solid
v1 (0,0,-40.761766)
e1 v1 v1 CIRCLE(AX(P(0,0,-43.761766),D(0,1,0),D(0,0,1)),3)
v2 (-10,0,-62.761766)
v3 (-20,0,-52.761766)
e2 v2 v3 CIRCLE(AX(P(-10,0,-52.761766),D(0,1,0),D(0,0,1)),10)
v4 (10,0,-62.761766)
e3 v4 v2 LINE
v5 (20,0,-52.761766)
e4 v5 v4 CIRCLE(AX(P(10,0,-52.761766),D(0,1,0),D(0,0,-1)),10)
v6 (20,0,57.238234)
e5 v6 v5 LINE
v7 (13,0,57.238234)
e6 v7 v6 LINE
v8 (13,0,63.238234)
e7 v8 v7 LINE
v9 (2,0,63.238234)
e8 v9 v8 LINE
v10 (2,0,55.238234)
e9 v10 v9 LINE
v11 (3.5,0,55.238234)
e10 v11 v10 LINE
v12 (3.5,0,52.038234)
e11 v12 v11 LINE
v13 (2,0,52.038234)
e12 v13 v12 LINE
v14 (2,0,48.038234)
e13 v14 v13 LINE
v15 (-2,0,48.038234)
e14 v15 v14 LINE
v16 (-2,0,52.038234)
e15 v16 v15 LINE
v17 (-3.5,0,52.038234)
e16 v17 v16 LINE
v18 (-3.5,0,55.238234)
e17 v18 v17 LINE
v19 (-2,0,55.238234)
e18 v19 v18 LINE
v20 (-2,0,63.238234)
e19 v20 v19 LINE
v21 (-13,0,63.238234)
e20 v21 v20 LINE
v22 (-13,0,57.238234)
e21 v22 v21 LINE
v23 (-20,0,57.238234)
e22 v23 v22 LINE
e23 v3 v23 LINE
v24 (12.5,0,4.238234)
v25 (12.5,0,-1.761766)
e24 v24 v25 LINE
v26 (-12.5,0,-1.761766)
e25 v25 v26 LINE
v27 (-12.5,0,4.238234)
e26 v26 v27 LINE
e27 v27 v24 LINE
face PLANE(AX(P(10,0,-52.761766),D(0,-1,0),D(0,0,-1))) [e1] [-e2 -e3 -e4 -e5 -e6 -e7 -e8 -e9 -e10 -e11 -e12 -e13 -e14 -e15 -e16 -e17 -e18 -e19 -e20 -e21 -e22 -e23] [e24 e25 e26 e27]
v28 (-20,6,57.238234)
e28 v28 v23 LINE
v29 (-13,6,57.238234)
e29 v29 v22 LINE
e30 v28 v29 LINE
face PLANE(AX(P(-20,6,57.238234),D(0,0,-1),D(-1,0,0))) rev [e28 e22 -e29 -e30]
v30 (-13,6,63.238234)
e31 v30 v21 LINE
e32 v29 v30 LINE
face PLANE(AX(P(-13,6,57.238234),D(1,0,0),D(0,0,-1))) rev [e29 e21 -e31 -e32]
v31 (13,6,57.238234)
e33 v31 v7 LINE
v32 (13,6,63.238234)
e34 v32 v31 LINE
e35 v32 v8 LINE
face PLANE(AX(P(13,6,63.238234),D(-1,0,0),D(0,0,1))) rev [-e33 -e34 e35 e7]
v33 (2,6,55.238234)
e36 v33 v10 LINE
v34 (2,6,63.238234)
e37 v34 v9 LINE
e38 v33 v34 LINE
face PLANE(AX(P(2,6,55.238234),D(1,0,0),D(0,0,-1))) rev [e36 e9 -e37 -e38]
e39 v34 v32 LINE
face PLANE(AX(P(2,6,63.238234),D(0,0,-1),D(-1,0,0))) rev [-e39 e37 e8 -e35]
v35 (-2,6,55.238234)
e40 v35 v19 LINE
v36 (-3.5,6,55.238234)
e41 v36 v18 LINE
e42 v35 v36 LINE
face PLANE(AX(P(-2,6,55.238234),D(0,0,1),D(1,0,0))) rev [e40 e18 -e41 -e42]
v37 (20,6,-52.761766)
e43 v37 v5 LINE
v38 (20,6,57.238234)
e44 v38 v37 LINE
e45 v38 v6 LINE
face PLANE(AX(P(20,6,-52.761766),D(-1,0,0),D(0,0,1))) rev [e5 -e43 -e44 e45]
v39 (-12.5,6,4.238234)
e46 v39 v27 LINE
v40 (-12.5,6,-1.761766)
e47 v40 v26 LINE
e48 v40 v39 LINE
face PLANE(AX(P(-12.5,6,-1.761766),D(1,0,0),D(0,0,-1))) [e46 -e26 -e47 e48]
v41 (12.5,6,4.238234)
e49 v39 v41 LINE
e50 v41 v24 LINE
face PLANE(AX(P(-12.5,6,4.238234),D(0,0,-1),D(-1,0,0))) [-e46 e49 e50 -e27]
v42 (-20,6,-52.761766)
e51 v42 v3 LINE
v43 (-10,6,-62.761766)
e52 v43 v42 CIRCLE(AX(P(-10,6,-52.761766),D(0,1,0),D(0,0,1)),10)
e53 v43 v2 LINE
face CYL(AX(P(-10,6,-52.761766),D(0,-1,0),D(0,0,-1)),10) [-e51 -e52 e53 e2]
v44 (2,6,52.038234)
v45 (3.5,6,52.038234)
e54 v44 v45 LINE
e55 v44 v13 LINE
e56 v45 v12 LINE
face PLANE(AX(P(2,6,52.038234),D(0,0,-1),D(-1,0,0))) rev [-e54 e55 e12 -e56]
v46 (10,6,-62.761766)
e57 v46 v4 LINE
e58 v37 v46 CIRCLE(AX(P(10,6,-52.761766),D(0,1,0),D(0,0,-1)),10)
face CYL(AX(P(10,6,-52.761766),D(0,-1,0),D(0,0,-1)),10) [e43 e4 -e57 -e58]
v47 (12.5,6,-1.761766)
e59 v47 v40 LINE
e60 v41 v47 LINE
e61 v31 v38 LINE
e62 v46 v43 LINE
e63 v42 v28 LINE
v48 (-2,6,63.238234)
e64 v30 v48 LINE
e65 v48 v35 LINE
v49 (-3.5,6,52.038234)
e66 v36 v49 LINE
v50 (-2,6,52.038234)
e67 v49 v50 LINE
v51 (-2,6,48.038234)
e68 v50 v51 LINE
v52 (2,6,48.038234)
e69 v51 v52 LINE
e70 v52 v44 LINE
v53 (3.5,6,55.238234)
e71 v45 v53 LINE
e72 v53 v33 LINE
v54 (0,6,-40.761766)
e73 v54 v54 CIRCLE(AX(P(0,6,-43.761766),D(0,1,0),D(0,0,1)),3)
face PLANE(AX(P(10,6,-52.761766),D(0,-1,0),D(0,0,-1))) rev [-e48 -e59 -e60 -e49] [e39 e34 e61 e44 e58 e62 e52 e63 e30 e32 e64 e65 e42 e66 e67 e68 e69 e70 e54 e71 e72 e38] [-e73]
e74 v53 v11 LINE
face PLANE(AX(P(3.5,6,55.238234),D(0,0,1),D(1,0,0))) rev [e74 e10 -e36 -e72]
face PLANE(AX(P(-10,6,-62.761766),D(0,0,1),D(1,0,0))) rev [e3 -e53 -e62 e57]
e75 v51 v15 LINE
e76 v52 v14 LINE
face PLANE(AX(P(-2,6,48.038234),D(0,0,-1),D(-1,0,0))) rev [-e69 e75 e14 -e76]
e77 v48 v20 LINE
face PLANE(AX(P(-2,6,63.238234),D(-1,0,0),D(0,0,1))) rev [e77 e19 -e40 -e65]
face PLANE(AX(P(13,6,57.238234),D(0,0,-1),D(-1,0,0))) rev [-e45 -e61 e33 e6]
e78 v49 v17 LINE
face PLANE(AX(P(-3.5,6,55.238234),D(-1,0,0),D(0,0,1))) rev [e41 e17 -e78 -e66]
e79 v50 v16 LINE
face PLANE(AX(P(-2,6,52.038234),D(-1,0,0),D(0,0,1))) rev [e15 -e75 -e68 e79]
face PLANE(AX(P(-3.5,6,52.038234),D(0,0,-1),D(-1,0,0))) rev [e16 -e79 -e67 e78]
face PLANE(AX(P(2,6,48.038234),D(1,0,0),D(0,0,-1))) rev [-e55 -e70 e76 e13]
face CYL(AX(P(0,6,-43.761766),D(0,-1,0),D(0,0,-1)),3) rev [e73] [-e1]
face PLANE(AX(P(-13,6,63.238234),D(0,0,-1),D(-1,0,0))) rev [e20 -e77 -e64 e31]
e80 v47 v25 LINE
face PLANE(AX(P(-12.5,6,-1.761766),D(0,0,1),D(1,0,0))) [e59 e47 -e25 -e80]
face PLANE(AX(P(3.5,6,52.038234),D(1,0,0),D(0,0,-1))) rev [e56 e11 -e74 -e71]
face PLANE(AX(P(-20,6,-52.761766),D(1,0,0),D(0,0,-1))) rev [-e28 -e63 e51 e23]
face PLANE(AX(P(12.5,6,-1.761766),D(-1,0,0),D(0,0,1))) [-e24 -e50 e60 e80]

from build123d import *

# Parameters (mm, degrees)
SKETCH1_R           = 3
SKETCH1_W           = 25
SKETCH1_H           = 6
BOSS_EXTRUDE1_DEPTH = 6


with BuildPart() as part:
    # Sketch1 → Boss-Extrude1 (new body)
    with BuildSketch(Plane(origin=(0, 0, 0), x_dir=(1, 0, 0), z_dir=(0, 1, 0))):
        with BuildLine():
            Line((-10, 62.761766306), (10, 62.761766306))
            ThreePointArc((10, 62.761766306), (17.071067812, 59.832834118), (20, 52.761766306))
            Line((20, 52.761766306), (20, -57.238233694))
            Line((20, -57.238233694), (13, -57.238233694))
            Line((13, -57.238233694), (13, -63.238233694))
            Line((13, -63.238233694), (2, -63.238233694))
            Line((2, -63.238233694), (2, -55.238233694))
            Line((2, -55.238233694), (3.5, -55.238233694))
            Line((3.5, -55.238233694), (3.5, -52.038233694))
            Line((3.5, -52.038233694), (2, -52.038233694))
            Line((2, -52.038233694), (2, -48.038233694))
            Line((2, -48.038233694), (-2, -48.038233694))
            Line((-2, -48.038233694), (-2, -52.038233694))
            Line((-2, -52.038233694), (-3.5, -52.038233694))
            Line((-3.5, -52.038233694), (-3.5, -55.238233694))
            Line((-3.5, -55.238233694), (-2, -55.238233694))
            Line((-2, -55.238233694), (-2, -63.238233694))
            Line((-2, -63.238233694), (-13, -63.238233694))
            Line((-13, -63.238233694), (-13, -57.238233694))
            Line((-13, -57.238233694), (-20, -57.238233694))
            Line((-20, -57.238233694), (-20, 52.761766306))
            ThreePointArc((-20, 52.761766306), (-17.071067812, 59.832834118), (-10, 62.761766306))
        make_face()
        with Locations((0, 43.761766306)):
            Circle(SKETCH1_R, mode=Mode.SUBTRACT)
        with Locations((0, -1.238233694)):
            Rectangle(SKETCH1_W, SKETCH1_H, mode=Mode.SUBTRACT)
    extrude(amount=BOSS_EXTRUDE1_DEPTH)


solid = part.part
